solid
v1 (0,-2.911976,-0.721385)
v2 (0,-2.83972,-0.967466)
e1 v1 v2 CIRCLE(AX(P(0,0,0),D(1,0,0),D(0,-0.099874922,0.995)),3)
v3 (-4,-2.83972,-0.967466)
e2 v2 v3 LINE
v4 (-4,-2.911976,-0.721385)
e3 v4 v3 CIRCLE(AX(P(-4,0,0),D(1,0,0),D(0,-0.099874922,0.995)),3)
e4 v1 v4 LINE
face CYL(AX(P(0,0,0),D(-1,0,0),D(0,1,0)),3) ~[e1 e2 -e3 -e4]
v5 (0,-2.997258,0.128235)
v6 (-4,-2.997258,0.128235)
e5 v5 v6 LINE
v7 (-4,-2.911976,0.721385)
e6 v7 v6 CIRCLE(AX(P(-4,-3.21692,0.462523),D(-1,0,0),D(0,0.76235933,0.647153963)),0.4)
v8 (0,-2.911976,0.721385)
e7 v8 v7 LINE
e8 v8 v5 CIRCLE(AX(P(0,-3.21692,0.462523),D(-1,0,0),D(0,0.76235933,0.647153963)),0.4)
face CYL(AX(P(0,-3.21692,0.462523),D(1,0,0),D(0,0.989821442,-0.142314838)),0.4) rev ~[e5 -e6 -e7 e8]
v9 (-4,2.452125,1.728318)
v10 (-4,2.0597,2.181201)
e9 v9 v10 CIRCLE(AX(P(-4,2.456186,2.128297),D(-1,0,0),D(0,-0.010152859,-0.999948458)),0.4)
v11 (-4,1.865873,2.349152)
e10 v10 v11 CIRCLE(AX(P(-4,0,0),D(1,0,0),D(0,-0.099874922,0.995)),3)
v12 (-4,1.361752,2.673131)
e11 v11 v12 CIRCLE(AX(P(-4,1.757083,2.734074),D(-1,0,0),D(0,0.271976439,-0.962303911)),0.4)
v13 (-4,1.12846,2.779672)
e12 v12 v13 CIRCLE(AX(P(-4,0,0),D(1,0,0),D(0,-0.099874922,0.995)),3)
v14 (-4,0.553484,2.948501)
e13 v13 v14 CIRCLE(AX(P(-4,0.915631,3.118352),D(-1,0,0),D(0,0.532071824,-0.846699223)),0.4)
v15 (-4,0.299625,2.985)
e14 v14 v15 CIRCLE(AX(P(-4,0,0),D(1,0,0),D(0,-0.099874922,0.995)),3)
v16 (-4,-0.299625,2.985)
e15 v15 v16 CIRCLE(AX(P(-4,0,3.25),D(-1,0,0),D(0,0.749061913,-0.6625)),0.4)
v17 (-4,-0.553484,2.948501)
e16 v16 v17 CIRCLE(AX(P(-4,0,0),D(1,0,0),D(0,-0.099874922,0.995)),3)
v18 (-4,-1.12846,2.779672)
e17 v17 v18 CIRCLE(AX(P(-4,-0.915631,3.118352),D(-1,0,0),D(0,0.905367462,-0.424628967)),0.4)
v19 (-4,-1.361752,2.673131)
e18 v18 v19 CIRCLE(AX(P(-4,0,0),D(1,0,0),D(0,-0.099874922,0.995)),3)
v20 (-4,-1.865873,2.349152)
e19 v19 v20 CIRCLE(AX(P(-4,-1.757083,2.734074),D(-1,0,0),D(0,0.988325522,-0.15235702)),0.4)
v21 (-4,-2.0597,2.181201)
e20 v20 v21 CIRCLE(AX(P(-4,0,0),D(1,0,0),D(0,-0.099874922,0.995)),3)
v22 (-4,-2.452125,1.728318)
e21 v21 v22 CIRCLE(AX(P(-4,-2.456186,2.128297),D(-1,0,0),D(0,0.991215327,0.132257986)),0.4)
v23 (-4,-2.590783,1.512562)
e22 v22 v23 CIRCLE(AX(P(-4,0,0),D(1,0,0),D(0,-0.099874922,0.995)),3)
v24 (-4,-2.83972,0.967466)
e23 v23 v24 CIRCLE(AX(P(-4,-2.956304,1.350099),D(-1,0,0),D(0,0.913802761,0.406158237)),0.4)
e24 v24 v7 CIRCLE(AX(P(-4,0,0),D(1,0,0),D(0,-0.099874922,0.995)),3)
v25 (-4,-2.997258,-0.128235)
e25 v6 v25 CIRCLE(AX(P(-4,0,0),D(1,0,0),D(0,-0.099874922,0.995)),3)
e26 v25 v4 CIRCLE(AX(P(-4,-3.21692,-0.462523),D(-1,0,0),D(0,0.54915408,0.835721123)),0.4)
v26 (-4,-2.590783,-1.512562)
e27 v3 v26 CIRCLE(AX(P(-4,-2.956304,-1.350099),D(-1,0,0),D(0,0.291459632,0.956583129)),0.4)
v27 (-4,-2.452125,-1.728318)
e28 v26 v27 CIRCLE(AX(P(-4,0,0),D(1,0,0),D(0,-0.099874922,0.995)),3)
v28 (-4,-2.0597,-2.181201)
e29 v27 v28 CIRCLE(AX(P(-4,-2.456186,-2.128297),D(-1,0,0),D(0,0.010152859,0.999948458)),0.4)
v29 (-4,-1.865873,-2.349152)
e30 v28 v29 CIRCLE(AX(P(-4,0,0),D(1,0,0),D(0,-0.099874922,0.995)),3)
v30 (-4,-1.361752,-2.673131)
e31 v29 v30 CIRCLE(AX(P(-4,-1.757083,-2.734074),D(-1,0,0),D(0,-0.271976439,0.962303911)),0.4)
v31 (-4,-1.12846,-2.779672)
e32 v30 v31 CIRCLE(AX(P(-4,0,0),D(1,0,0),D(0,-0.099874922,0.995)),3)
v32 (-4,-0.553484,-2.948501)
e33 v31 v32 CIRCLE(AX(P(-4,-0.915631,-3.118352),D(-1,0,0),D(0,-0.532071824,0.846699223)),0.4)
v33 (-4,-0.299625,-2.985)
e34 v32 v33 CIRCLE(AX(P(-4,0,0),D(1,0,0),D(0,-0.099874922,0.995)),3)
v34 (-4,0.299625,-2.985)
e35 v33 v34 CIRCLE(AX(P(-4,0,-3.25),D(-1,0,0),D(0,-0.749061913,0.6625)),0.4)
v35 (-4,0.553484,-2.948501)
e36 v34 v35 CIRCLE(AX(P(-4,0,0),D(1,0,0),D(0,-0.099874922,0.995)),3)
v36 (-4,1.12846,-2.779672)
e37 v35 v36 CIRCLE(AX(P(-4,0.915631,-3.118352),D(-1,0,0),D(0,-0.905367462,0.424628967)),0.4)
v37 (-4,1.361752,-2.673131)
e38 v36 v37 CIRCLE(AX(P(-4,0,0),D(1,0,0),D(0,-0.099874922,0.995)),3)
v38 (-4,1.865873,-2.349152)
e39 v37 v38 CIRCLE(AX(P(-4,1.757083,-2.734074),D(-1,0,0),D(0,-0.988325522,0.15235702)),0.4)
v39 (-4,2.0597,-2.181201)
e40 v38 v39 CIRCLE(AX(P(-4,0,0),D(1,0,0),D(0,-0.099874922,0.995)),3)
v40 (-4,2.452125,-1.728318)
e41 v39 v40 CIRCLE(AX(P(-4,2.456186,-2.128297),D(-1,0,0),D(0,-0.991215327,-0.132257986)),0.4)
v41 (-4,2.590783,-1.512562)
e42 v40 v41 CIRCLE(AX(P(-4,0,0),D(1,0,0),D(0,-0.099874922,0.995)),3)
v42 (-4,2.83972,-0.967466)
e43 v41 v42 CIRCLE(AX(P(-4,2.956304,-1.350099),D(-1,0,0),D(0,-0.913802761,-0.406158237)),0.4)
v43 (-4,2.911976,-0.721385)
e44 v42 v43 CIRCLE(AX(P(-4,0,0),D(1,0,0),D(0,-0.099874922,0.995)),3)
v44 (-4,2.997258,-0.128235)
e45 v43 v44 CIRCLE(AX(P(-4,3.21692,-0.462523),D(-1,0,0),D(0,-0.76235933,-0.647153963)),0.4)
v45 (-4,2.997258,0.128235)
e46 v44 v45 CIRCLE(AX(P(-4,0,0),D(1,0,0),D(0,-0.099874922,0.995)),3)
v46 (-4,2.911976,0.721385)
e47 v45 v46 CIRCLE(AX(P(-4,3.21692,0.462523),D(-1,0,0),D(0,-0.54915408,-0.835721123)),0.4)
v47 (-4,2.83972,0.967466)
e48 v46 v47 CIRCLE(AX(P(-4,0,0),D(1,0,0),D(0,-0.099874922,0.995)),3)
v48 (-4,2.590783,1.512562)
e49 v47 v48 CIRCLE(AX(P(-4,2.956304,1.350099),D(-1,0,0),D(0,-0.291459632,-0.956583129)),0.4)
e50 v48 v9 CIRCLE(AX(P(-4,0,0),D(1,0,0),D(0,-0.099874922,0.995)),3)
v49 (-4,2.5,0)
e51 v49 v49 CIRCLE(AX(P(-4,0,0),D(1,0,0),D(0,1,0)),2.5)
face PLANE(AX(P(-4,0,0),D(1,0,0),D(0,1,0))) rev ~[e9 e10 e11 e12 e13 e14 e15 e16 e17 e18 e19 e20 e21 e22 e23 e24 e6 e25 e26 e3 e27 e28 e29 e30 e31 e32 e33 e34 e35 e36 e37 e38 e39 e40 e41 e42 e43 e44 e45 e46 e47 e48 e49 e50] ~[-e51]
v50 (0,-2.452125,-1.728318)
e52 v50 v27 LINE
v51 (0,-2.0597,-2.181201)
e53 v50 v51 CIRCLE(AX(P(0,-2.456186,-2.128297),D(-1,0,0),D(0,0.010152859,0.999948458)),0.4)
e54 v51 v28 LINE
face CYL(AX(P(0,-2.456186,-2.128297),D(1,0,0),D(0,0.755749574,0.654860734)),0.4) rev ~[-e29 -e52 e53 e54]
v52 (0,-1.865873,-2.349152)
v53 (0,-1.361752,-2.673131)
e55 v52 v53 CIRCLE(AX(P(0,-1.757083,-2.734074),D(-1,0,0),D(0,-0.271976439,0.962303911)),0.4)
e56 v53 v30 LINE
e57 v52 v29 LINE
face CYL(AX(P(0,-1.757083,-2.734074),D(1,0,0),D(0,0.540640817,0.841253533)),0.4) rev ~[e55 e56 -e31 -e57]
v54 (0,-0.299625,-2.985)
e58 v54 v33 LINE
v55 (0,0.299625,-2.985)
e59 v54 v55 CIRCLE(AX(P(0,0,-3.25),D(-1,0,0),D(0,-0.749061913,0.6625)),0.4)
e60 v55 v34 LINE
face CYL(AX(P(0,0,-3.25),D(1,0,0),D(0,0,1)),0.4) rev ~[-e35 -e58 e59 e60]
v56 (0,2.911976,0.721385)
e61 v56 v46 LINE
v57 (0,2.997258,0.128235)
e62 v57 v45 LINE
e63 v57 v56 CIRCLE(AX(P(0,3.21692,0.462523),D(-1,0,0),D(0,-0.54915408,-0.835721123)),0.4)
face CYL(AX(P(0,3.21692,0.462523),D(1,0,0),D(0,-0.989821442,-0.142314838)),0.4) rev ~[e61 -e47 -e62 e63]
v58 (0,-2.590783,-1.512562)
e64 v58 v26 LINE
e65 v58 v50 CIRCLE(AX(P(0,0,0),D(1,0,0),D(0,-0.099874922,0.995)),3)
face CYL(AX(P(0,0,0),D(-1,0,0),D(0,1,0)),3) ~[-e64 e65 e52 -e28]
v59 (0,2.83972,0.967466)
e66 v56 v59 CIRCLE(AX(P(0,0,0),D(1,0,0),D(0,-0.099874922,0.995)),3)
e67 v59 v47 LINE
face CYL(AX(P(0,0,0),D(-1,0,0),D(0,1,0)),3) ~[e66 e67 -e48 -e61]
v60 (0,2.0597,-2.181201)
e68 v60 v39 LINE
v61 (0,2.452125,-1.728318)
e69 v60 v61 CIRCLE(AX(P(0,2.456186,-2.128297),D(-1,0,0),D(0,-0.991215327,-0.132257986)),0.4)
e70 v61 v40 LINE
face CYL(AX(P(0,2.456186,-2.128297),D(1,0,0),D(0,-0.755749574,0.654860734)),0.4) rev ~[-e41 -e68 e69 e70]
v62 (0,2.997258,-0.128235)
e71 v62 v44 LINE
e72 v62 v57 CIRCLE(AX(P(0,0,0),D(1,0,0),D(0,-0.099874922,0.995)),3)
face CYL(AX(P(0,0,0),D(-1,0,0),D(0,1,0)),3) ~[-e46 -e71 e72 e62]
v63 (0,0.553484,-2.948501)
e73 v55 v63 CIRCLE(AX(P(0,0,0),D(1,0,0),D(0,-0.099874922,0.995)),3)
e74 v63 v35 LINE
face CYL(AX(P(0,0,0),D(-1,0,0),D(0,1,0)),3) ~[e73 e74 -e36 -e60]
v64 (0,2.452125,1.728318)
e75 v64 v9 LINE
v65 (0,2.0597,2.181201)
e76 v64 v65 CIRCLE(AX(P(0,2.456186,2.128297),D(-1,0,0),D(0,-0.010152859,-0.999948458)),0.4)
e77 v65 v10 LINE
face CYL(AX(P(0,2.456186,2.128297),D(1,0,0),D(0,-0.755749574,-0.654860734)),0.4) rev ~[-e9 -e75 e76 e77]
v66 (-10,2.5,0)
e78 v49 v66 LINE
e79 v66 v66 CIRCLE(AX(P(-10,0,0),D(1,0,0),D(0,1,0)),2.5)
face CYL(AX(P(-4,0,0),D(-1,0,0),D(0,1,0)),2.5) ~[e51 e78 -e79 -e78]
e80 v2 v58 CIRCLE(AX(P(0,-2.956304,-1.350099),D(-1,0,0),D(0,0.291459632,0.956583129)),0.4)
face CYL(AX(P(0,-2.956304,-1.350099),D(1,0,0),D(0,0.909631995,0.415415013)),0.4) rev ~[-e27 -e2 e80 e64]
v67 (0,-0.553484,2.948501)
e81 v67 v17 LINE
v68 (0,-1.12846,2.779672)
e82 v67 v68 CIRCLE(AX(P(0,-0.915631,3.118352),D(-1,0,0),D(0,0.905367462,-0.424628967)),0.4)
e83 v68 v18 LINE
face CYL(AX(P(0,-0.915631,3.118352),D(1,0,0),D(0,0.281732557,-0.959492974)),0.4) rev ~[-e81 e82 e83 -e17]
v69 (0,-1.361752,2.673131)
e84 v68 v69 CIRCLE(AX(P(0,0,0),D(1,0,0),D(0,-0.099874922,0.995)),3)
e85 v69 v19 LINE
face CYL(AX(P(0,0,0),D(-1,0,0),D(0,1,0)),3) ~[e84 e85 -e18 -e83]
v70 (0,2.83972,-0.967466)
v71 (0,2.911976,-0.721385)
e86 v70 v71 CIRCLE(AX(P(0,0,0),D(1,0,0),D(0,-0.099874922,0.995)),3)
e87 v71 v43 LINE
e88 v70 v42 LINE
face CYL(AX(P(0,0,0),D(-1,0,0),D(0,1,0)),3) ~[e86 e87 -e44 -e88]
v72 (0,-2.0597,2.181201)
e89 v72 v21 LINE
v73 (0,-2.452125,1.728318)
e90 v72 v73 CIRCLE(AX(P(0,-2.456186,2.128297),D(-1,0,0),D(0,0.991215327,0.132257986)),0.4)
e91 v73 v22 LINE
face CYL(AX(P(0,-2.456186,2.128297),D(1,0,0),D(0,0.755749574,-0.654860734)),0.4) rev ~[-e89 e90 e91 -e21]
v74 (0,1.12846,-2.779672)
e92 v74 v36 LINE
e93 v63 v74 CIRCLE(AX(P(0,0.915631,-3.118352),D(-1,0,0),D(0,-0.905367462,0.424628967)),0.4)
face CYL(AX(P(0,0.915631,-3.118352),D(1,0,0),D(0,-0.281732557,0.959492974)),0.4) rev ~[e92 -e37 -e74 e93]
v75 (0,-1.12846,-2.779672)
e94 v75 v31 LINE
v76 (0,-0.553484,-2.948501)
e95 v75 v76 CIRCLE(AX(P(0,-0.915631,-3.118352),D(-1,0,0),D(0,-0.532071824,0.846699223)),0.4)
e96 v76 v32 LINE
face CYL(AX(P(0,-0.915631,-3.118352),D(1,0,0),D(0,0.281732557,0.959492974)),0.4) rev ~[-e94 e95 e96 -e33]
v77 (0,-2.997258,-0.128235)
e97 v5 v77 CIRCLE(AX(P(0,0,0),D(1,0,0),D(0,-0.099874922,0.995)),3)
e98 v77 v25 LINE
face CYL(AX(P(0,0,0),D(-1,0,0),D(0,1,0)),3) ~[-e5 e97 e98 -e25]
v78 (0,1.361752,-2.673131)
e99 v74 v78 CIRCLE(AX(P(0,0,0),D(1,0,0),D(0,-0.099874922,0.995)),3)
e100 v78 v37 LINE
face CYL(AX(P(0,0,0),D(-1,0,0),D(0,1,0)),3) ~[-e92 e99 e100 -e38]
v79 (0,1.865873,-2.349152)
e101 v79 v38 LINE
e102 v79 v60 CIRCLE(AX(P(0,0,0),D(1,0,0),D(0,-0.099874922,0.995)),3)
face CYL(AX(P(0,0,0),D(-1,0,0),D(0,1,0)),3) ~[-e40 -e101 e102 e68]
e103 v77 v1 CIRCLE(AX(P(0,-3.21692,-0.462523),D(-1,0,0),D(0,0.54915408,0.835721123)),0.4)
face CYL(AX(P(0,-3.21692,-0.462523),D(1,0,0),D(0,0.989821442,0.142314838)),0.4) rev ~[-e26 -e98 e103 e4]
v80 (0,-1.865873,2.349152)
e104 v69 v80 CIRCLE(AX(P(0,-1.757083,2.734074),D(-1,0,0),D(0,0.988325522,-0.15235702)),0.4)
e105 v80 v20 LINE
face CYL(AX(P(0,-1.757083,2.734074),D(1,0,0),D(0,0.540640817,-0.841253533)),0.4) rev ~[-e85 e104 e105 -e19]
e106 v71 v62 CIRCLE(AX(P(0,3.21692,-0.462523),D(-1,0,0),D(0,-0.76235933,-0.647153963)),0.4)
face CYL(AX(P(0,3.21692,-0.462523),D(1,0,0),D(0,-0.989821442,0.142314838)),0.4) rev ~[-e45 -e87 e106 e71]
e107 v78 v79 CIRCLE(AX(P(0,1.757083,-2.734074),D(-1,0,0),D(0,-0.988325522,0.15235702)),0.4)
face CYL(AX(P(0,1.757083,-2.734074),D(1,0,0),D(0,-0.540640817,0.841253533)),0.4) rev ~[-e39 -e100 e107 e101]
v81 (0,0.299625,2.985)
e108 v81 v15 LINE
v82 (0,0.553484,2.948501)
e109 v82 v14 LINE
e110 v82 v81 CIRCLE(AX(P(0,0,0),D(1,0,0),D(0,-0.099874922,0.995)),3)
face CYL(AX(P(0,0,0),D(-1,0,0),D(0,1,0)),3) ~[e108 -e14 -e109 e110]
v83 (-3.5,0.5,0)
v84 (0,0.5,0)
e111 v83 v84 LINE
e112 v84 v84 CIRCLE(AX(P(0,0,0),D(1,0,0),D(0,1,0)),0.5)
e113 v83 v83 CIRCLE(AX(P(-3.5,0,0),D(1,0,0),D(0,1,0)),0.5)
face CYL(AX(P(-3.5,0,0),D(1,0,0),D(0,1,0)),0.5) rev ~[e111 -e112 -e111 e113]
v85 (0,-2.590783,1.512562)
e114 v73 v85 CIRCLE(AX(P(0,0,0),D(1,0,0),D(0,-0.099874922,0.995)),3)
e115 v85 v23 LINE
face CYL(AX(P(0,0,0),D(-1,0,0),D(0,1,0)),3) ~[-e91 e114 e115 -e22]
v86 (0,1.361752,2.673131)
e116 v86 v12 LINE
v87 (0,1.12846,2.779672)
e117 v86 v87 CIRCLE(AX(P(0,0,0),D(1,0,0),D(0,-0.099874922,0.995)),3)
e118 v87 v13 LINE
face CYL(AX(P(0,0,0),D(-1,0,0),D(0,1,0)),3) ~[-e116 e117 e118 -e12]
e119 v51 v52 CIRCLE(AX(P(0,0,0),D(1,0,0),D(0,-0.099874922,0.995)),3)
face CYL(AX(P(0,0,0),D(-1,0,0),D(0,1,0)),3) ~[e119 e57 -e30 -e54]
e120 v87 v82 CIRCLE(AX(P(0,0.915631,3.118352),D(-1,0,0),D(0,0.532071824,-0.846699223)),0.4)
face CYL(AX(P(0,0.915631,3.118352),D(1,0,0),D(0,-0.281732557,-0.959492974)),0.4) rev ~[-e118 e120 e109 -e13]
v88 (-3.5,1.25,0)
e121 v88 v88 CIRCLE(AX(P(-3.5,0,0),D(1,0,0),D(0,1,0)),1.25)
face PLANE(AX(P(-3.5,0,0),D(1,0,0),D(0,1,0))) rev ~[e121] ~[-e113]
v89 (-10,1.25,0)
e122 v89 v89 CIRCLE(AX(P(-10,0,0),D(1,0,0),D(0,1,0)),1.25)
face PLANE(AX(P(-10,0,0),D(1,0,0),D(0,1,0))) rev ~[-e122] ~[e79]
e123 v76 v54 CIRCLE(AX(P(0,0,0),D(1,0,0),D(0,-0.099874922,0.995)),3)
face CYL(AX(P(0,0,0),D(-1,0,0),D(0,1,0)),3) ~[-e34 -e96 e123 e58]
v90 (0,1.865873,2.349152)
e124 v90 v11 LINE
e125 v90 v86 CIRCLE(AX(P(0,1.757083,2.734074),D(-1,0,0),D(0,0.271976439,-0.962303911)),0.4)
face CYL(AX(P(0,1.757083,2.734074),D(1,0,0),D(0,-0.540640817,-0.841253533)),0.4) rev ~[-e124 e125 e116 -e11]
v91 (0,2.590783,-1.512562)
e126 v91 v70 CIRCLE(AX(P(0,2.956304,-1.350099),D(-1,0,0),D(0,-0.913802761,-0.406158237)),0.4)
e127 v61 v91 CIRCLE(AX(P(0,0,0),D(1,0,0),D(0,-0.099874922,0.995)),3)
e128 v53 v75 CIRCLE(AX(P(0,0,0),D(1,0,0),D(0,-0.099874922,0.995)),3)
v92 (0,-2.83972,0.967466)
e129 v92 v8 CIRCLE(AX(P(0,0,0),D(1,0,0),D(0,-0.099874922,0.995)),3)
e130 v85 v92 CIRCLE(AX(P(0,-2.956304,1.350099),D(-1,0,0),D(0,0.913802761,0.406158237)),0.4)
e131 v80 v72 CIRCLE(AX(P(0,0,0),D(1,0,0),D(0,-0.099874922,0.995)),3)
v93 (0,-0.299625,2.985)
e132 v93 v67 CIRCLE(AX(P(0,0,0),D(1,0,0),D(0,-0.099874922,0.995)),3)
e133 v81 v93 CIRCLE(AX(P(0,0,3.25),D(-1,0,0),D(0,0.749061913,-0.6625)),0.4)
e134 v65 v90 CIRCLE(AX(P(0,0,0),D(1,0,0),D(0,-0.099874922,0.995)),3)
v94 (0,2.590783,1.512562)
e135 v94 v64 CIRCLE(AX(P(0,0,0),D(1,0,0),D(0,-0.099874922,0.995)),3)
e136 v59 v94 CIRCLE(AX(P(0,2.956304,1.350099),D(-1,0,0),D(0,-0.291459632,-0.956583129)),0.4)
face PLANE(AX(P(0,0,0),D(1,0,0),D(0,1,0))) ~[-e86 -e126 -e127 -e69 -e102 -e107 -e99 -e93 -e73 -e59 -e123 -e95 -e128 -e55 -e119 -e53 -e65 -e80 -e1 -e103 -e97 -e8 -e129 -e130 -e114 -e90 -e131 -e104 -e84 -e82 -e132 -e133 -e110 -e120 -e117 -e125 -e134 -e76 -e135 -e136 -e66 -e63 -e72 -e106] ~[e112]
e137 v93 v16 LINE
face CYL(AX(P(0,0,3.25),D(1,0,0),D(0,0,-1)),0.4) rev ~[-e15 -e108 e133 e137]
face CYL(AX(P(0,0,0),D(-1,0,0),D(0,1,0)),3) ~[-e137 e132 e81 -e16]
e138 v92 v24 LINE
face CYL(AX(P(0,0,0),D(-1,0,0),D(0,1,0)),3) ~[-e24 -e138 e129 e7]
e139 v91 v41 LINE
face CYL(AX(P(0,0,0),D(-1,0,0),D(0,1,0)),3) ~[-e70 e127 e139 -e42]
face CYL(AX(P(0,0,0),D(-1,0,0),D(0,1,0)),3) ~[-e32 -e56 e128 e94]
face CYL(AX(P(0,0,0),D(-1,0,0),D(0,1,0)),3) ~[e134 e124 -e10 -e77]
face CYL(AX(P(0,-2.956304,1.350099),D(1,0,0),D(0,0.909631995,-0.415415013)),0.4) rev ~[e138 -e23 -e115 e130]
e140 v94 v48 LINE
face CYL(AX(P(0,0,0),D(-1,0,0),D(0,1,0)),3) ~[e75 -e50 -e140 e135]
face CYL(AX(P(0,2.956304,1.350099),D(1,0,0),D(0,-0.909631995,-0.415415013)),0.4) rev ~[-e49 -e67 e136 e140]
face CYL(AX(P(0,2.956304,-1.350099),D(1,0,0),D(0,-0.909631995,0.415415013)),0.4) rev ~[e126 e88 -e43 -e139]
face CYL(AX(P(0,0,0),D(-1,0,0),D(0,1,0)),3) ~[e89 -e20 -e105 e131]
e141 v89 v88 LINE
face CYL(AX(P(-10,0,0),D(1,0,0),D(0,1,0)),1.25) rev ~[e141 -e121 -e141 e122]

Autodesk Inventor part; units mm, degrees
ref_plane "YZ-Ebene" through (0, 0, 0) normal (1, 0, 0) x (0, 1, 0)
ref_plane "XZ-Ebene" through (0, 0, 0) normal (0, 1, 0) x (-1, 0, 0)
ref_plane "XY-Ebene" through (0, 0, 0) normal (0, 0, 1) x (1, 0, 0)
sketch "Skizze1" plane through (0, 0, 0) normal (0, 0, 1) x (1, 0, 0)
  line L0 (-12, 0) -> (2, 0) projected
  line L1 (0, -0.6) -> (0, 3.6) projected
  line L2 (0, 3) -> (-4, 3)
  line L3 (-4, 3) -> (-4, 2.5)
  line L4 (-4, 2.5) -> (-10, 2.5)
  line L5 (-10, 2.5) -> (-10, 1.25)
  line L6 (-10, 1.25) -> (-3.5, 1.25)
  line L7 (-3.5, 1.25) -> (-3.5, 0.5)
  line L8 (-3.5, 0.5) -> (0, 0.5)
  point P0 (0, 0)
  dimension "d1" = 6
  dimension "d2" = 1
  dimension "d3" = 5
  dimension "d4" = 2.5
  dimension "d5" = 6.5
  dimension "d6" = 4
  dimension "d7" = 10
revolve "Umdrehung1" add sketch "Skizze1" angle 360 about axis through (-10, 0, 0) along (1, 0, 0)
sketch "Skizze2" plane through (0, 0, 0) normal (1, 0, 0) x (0, 0, -1)
  line L0 (0, -4.2) -> (0, 4.2) projected
  line L1 (4.33, 0) -> (-4.98, 0) projected
  circle A0 centre (-3.25, 0) radius 0.4
  dimension "d11" = 0.8
  dimension "d12" = 6.5
extrude "Extrusion1" cut sketch "Skizze2" against normal blind 4
pattern_circular "Runde Anordnung1" count 22 over 360 about axis through (-10, 0, 0) along (1, 0, 0) of "Extrusion1"
thread "Gewinde1" size "M3x0.5" class "6H" standard "ANSI Metric M Profile" length 7
properties part number "Nadelhalter_ra8846s" material "Aluminium 6061"
